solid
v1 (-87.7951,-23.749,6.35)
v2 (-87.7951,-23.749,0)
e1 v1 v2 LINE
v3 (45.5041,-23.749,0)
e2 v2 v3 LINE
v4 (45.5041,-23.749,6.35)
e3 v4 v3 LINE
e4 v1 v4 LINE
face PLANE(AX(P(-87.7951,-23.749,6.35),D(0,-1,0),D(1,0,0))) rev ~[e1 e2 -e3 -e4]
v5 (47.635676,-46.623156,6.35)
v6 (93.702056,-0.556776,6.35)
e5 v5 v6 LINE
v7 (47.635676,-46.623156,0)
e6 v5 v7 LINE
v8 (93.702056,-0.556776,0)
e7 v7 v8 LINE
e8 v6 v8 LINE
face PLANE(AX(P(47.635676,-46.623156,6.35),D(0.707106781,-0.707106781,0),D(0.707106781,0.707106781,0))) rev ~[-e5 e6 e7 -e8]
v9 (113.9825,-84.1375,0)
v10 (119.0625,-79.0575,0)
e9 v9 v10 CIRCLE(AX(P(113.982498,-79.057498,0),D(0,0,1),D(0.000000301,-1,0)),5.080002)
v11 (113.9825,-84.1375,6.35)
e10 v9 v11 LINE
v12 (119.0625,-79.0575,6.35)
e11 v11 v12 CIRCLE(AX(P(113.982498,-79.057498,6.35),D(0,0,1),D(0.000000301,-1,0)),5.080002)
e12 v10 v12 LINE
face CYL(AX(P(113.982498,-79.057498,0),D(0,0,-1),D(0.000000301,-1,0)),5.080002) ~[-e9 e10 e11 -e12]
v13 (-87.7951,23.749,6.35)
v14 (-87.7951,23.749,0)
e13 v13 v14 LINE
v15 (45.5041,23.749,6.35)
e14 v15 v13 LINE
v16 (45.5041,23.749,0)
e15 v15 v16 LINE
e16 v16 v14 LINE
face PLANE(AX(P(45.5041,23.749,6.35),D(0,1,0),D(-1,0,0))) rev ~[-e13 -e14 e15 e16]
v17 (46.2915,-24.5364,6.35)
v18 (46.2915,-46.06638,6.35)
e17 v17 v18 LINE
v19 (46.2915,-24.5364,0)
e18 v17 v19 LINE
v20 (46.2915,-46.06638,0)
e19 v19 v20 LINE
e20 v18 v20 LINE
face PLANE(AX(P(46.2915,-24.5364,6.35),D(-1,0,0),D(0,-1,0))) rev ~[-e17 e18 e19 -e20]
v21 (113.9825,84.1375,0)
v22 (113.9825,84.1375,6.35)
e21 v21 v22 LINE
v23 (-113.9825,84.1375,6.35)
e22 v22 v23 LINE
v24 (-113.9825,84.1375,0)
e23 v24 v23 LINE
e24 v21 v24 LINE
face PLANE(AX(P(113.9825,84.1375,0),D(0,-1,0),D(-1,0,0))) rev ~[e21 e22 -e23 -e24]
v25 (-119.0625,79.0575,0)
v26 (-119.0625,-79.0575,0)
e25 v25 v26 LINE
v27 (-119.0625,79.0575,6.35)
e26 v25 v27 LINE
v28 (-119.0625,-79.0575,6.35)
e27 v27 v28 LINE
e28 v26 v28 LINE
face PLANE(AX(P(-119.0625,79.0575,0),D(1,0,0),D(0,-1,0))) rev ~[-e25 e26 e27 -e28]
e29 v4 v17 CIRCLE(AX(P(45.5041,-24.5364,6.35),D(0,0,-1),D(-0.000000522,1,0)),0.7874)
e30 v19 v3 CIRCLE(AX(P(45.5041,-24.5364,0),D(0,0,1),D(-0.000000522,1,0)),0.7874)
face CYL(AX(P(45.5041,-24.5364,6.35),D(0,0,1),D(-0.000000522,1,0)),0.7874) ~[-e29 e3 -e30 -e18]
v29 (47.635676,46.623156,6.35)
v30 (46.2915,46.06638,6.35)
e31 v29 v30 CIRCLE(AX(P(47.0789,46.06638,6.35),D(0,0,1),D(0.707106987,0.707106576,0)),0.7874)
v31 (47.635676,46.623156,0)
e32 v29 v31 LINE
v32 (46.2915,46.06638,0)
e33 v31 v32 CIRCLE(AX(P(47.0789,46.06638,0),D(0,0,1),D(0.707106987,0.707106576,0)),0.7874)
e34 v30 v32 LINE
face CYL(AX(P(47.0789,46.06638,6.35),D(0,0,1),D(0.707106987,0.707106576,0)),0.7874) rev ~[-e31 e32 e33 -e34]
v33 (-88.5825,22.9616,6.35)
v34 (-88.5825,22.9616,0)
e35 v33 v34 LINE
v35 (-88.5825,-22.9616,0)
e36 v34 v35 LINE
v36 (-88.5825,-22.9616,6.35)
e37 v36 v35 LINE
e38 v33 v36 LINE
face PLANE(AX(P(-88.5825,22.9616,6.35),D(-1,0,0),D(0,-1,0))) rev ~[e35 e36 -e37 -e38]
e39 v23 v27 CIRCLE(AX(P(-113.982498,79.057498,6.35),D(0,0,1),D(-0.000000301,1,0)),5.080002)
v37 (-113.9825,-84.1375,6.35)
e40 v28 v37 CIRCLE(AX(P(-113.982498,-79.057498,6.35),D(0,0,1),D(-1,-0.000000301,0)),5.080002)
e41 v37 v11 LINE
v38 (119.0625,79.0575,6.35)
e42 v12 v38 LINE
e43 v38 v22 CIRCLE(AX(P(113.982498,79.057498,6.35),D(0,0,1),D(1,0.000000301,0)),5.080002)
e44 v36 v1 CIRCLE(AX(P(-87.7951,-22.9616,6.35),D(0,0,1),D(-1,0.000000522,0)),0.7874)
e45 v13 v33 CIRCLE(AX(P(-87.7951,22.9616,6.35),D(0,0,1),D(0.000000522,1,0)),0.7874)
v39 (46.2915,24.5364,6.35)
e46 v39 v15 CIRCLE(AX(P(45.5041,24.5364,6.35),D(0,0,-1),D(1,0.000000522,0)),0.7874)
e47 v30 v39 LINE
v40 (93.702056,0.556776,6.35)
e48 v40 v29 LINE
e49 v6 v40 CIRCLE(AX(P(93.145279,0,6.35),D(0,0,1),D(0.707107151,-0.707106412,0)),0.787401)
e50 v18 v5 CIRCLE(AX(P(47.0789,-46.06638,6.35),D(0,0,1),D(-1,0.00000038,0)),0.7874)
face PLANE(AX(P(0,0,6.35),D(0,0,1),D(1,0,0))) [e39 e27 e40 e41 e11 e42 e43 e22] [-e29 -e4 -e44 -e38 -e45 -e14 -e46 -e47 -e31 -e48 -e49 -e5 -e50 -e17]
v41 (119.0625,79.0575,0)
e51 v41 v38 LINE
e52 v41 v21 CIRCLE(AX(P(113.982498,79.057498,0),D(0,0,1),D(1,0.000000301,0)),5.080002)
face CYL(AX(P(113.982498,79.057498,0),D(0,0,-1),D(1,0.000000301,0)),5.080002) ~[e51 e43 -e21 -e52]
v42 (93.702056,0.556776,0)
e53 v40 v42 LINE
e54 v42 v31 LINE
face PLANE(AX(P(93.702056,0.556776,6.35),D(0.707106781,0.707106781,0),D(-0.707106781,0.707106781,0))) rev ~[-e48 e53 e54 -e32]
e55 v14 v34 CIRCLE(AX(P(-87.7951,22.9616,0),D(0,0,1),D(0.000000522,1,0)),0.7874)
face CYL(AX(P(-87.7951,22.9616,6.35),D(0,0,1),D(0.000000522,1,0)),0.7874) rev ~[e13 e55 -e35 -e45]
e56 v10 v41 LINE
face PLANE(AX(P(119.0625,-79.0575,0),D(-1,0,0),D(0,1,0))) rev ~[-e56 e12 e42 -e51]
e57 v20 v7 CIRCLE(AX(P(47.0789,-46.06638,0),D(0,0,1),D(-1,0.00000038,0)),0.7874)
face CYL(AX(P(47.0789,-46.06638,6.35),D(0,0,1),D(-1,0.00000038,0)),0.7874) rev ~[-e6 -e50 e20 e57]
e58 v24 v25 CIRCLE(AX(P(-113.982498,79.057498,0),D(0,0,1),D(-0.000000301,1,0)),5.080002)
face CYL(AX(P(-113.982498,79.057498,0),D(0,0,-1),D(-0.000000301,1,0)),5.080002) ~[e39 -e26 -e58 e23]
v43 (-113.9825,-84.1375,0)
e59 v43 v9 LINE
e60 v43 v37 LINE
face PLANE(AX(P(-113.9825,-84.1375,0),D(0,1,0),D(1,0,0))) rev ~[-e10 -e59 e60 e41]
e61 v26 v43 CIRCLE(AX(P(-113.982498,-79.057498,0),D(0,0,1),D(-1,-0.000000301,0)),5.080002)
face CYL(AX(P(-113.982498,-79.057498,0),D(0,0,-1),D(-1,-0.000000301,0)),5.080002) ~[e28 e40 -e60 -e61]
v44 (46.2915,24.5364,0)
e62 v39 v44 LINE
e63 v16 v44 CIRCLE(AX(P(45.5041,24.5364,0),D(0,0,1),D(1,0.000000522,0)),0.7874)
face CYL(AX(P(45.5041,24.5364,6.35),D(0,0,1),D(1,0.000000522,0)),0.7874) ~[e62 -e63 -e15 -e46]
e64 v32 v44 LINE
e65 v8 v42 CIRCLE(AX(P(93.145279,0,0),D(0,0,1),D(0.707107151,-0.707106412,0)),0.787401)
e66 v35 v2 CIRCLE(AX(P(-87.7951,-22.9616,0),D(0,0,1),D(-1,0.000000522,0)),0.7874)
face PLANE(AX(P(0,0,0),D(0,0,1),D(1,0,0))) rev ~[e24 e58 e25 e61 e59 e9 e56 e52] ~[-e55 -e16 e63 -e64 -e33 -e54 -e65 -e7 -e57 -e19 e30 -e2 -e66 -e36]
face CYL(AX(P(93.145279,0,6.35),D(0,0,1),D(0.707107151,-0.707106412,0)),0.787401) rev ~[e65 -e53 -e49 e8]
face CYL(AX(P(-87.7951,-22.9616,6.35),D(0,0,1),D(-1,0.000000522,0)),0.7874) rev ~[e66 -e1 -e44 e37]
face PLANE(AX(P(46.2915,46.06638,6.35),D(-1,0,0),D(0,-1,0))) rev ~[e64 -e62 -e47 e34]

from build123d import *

# Parameters (mm, degrees)
F1_DEPTH = 6.35
F3_DEPTH = 6.351
F5_DEPTH = 6.351


with BuildPart() as f1:
    # F0 (on Top) → F1 (new body)
    with BuildSketch(Plane.XY):
        with BuildLine():
            Line((113.9825, 84.1375), (-113.9825, 84.1375))
            ThreePointArc((-113.9825, 84.1375), (-117.574602, 82.649602), (-119.0625, 79.0575))
            Line((-119.0625, 79.0575), (-119.0625, -79.0575))
            ThreePointArc((-119.0625, -79.0575), (-117.574602, -82.649602), (-113.9825, -84.1375))
            Line((-113.9825, -84.1375), (113.9825, -84.1375))
            ThreePointArc((113.9825, -84.1375), (117.574602, -82.649602), (119.0625, -79.0575))
            Line((119.0625, -79.0575), (119.0625, 79.0575))
            ThreePointArc((119.0625, 79.0575), (117.574602, 82.649602), (113.9825, 84.1375))
        make_face()
    extrude(amount=F1_DEPTH)

    # F2 (on face) → F3 (cut, through all)
    with BuildSketch(Plane.XY.offset(6.35)):
        Polygon((-87.3125, 22.479), (-87.3125, 0), (-87.3125, -22.479), (47.5615, -22.479), (47.5615, -44.901281), (92.462781, 0), (47.5615, 44.901281), (47.5615, 22.479), align=None)
    extrude(amount=-F3_DEPTH, mode=Mode.SUBTRACT)

    # F4 (on face) → F5 (cut, through all)
    with BuildSketch(Plane.XY.offset(6.35)):
        with BuildLine():
            Line((-88.5825, 22.9616), (-88.5825, -22.9616))
            ThreePointArc((-88.5825, -22.9616), (-88.351876, -23.518376), (-87.7951, -23.749))
            Line((-87.7951, -23.749), (45.5041, -23.749))
            ThreePointArc((45.5041, -23.749), (46.060876, -23.979624), (46.2915, -24.5364))
            Line((46.2915, -24.5364), (46.2915, -46.06638))
            ThreePointArc((46.2915, -46.06638), (46.777575, -46.793843), (47.635676, -46.623156))
            Line((47.635676, -46.623156), (93.702056, -0.556776))
            ThreePointArc((93.702056, -0.556776), (93.93268, 0), (93.702056, 0.556776))
            Line((93.702056, 0.556776), (47.635676, 46.623156))
            ThreePointArc((47.635676, 46.623156), (46.777575, 46.793843), (46.2915, 46.06638))
            Line((46.2915, 46.06638), (46.2915, 24.5364))
            ThreePointArc((46.2915, 24.5364), (46.060876, 23.979624), (45.5041, 23.749))
            Line((45.5041, 23.749), (-87.7951, 23.749))
            ThreePointArc((-87.7951, 23.749), (-88.351876, 23.518376), (-88.5825, 22.9616))
        make_face()
    extrude(amount=-F5_DEPTH, mode=Mode.SUBTRACT)


solid = f1.part
